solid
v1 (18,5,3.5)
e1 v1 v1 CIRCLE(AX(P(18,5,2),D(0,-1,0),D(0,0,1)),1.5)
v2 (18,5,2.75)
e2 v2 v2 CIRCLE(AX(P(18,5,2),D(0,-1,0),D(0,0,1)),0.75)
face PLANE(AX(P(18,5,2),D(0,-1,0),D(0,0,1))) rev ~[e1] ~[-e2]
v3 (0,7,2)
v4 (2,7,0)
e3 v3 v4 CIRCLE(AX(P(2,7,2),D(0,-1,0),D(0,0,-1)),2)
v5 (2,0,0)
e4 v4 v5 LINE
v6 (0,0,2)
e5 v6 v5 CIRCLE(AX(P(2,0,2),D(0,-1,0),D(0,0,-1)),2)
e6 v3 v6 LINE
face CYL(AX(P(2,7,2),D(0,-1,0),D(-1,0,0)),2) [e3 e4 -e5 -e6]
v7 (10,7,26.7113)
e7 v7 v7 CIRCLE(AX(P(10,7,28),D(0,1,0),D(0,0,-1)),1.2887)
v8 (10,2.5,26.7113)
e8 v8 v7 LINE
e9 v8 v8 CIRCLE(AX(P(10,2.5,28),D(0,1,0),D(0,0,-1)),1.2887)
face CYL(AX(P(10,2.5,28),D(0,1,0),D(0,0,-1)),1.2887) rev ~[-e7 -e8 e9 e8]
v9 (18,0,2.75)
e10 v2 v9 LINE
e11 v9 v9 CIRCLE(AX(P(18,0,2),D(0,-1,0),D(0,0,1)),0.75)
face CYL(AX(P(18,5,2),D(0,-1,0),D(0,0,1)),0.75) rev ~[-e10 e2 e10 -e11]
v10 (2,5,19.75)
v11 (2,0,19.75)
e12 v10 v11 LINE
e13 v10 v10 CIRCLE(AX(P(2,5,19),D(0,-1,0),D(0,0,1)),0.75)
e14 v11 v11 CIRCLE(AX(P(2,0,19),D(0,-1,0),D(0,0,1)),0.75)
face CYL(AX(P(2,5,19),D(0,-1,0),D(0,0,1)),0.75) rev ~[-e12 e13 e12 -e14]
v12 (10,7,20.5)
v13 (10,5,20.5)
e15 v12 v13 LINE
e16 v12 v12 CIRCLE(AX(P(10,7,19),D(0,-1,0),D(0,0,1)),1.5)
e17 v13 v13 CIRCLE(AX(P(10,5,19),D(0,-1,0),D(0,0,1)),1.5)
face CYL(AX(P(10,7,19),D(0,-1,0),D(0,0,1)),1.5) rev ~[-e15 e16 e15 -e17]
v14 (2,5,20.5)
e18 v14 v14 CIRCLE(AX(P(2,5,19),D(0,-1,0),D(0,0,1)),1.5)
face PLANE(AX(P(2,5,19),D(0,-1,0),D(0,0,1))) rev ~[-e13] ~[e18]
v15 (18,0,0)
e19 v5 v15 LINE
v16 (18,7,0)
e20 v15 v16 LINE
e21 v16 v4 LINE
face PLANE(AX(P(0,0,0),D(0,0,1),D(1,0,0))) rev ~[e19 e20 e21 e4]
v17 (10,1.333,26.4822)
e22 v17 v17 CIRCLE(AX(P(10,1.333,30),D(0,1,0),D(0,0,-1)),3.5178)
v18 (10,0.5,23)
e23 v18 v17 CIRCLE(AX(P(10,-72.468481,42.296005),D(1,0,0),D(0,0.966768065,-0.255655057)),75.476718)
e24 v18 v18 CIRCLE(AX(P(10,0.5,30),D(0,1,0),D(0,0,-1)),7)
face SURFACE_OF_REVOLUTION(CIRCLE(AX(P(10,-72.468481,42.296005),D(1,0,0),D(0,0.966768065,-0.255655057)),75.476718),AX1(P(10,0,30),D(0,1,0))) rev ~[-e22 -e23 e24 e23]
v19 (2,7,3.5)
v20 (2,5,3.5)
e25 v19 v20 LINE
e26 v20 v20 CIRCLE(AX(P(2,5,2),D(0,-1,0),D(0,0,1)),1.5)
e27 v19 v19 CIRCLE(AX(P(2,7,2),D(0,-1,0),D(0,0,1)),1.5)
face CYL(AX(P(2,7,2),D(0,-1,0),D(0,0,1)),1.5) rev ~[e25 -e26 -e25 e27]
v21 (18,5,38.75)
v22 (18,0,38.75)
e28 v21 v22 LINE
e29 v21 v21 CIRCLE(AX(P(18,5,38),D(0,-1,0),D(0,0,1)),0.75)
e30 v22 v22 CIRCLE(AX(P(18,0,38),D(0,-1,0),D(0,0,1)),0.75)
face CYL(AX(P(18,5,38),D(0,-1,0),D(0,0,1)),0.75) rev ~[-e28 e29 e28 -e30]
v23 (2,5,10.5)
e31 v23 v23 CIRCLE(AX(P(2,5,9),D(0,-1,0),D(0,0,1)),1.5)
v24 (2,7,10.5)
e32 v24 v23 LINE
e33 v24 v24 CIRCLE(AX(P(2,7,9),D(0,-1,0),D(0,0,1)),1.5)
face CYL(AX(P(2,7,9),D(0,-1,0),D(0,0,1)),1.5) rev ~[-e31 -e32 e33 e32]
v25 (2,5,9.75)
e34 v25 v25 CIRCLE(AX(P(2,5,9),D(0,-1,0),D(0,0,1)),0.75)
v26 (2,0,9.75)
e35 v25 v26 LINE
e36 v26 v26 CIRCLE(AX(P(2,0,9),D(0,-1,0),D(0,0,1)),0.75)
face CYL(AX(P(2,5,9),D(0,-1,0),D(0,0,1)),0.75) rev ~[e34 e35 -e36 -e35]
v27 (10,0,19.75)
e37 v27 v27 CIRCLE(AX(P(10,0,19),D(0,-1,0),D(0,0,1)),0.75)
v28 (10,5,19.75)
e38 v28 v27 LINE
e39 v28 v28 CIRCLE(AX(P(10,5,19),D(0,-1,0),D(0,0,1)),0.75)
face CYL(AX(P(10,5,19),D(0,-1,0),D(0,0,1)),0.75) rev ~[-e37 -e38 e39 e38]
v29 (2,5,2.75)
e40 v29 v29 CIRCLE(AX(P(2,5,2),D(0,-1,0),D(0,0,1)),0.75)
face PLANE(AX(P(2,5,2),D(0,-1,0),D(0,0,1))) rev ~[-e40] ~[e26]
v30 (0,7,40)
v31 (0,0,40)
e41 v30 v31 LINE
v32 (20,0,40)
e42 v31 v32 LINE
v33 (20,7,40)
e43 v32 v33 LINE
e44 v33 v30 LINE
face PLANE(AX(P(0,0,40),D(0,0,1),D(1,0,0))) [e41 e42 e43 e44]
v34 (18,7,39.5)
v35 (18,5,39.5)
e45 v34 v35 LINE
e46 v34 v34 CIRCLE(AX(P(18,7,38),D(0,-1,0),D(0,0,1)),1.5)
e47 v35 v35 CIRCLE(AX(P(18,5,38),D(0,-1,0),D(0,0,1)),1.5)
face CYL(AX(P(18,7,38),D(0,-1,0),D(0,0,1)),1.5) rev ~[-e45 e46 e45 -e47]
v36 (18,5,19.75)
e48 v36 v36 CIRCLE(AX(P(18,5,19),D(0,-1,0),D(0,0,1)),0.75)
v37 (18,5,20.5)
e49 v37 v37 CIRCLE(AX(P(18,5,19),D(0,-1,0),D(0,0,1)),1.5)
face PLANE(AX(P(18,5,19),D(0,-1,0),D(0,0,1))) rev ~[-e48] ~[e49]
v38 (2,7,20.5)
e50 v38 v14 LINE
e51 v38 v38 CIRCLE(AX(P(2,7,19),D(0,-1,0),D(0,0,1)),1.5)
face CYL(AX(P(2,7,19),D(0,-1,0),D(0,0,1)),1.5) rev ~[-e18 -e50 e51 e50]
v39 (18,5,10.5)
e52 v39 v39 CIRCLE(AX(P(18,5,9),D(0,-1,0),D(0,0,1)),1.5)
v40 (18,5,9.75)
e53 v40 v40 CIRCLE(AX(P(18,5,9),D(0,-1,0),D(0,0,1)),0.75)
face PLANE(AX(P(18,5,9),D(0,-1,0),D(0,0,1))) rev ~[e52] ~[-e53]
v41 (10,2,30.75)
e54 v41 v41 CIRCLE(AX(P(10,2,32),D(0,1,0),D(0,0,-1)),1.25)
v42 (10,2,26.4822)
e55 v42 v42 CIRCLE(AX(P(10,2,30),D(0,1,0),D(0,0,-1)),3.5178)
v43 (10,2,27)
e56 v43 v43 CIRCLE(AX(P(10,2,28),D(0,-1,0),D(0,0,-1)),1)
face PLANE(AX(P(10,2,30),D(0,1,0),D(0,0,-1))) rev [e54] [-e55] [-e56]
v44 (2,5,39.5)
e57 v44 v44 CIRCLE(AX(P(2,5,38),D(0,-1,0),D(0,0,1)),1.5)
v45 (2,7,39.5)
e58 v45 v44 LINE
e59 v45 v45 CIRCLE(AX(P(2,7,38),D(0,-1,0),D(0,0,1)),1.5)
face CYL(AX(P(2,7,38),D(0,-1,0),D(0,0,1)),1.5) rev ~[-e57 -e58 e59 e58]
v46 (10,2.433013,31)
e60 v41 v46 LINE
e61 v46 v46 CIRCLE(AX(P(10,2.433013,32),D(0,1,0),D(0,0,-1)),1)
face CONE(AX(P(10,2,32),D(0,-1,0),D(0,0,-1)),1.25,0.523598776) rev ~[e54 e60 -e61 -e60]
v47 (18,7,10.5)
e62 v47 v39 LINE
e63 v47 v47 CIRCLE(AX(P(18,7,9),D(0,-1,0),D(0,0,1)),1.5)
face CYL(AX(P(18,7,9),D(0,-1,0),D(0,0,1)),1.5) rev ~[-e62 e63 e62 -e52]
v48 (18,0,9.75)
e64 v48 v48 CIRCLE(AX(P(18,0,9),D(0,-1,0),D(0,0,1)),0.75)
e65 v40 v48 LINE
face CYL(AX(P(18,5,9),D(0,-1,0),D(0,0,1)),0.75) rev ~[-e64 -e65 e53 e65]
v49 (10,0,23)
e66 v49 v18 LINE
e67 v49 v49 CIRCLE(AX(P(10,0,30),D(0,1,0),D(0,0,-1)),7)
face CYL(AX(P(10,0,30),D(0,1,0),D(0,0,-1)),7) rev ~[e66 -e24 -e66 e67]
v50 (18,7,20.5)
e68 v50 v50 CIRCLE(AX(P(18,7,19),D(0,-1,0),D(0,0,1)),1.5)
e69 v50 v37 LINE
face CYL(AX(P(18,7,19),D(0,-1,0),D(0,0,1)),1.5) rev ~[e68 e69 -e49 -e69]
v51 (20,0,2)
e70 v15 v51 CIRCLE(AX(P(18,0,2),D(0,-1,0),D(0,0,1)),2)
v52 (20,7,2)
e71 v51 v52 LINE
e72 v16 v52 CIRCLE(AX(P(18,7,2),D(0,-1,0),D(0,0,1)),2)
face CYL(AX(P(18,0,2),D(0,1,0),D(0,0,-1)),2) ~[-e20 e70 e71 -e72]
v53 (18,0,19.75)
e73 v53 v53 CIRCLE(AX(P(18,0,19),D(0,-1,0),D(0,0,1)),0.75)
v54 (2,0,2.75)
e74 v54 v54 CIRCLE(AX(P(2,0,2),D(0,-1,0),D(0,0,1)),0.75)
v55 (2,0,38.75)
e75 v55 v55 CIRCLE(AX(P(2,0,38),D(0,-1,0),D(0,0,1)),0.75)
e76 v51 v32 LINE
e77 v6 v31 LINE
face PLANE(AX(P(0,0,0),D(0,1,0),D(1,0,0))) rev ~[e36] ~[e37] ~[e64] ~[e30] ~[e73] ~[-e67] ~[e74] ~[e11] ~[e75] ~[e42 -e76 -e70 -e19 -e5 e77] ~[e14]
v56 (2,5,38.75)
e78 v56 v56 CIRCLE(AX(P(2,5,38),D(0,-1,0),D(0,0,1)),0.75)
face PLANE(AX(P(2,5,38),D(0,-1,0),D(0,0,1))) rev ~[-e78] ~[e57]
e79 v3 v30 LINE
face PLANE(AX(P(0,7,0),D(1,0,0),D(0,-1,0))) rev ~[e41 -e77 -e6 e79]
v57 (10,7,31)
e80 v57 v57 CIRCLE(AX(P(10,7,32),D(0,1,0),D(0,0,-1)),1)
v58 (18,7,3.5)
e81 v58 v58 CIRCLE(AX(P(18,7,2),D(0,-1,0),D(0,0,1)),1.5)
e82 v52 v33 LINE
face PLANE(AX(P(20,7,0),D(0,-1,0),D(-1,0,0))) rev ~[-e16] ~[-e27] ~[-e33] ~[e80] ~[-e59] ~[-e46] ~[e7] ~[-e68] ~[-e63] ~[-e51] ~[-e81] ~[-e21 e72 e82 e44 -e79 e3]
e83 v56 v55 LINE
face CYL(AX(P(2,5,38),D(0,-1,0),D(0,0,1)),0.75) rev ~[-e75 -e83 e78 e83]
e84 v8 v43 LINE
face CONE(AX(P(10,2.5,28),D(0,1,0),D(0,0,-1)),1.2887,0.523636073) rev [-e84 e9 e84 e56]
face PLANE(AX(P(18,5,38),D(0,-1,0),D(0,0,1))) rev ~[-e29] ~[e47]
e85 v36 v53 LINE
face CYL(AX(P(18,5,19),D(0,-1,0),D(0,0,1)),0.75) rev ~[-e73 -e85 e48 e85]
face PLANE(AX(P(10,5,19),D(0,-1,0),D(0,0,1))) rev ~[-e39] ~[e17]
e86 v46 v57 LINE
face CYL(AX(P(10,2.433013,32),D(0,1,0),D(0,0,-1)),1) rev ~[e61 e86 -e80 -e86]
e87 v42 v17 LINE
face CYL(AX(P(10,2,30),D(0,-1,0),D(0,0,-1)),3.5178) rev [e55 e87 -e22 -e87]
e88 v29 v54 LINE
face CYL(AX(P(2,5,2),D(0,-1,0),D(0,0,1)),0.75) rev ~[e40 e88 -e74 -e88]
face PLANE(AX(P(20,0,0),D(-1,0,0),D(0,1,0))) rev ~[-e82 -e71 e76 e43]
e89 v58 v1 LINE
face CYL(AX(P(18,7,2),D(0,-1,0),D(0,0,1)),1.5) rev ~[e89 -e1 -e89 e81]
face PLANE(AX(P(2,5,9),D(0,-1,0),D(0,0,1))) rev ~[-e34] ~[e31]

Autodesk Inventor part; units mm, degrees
ref_plane "XZ Plane" through (0, 0, 0) normal (0, 1, 0) x (-1, 0, 0)
ref_plane "XY Plane" through (0, 0, 0) normal (0, 0, 1) x (1, 0, 0)
sketch "Sketch2" plane through (0, 0, 0) normal (0, 0, 1) x (1, 0, 0)
  line L0 (0, 0) -> (20, 0)
  line L1 (20, 0) -> (20, 7)
  line L2 (20, 7) -> (0, 7)
  line L3 (0, 7) -> (0, 0)
  dimension "d0" = 20
  dimension "d1" = 7
extrude "Extrusion1" add sketch "Sketch2" along normal blind 40
ref_plane "Work Plane1" through (10, 0, 0) normal (1, 0, 0) x (0, 1, 0)
sketch "Sketch3" plane through (10, 0, 0) normal (1, 0, 0) x (0, 1, 0)
  line L0 (7, 40) -> (0, 40) construction
  line L1 (0, 40) -> (0, 30) construction
  line L2 (0, 0) -> (0, 40) construction
  line L3 (0, 30) -> (2, 30) construction
  line L4 (0, 30) -> (0, 23)
  line L5 (0, 23) -> (0.5, 23)
  line L6 (0, 30) -> (2, 30)
  arc A0 (0.5, 23) -> (1.333, 26.4822) centre (-72.4911, 42.3017) ccw
  line L7 (2, 30) -> (2, 26.4822)
  line L8 (2, 26.4822) -> (1.333, 26.4822)
  dimension "d4" = 10
  dimension "d5" = 2
  dimension "d6" = 7
  dimension "d9" = 0.5
  dimension "d10" = 75.5
revolve "Revolution1" cut sketch "Sketch3" angle 360 about axis through (10, 0, 30) along (0, 1, 0)
sketch "Sketch5" plane through (10, 2, 30) normal (0, -1, 0) x (1, 0, 0)
  circle A0 centre (0, 0) radius 3.5178 projected
  circle A1 centre (0, 2) radius 1
  circle A2 centre (0, -2) radius 1
  line L0 (1.4669, 0) -> (-1.3764, 0) construction
  point P0 (-10, -30)
  dimension "d11" = 2
  dimension "d12" = 2
  dimension "d13" = 2
  dimension "d14" = 2
hole "Hole1" at (10, 2, 32) direction (0, 1, 0) diameter 2 depth 10 countersink diameter 2.5 countersink angle 60 clearance for "Flat Head Machine Screw (82)" size "#0" standard "Ansi Unified Screw Threads"
sketch "Sketch6" plane through (10, 2, 30) normal (0, -1, 0) x (1, 0, 0)
  line L0 (0, 0) -> (1.9071, 0) construction
  circle A0 centre (0, -2) radius 1
  point P0 (-10, -30)
  dimension "d22" = 2
  dimension "d23" = 2
extrude "Extrusion2" cut sketch "Sketch6" against normal blind 40
sketch "Sketch7" plane through (10, 0, 0) normal (1, 0, 0) x (0, 1, 0)
  line L0 (2, 27) -> (2, 29) construction
  line L1 (2, 28) -> (3.2187, 28) construction
  line L2 (2.5, 26.7113) -> (2, 27)
  line L3 (2, 27) -> (2, 29) construction
  line L4 (2, 27) -> (2.7064, 27) construction
  line L5 (2, 29) -> (2.7329, 29) construction
  line L6 (2, 29) -> (7, 29) projected
  line L7 (2, 28) -> (2, 27)
  line L8 (2.5, 26.7113) -> (7.9836, 26.7113)
  line L9 (2, 28) -> (7.9836, 28)
  line L10 (8.4909, 28) -> (8.4909, 26.7113)
  line L11 (8.4909, 26.7113) -> (7.9836, 26.7113)
  line L12 (7.9836, 28) -> (8.4909, 28)
  point P0 (0, 0)
  point P1 (2.5, 28)
  dimension "d26" = 30
revolve "Revolution2" cut sketch "Sketch7" angle 360 about axis through (10, 2, 28) along (0, 1, 0)
fillet "Fillet1" radius 2 2 edges at (0, 3.5, 0) (20, 3.5, 0)
sketch "Sketch9" plane through (0, 7, 40) normal (0, 1, 0) x (1, 0, 0)
  circle A0 centre (2, 2) radius 0.75 projected
  circle A1 centre (2, 21) radius 0.75 projected
  circle A2 centre (2, 31) radius 0.75 projected
  circle A3 centre (2, 38) radius 0.75 projected
  circle A4 centre (18, 38) radius 0.75 projected
  circle A5 centre (18, 31) radius 0.75 projected
  circle A6 centre (18, 21) radius 0.75 projected
  circle A7 centre (10, 21) radius 0.75 projected
  point P0 (0, 40)
  point P1 (18, 2)
hole "Hole3" at (2, 7, 38) at (2, 7, 19) at (2, 7, 9) at (2, 7, 2) at (18, 7, 2) at (18, 7, 9) at (18, 7, 19) at (10, 7, 19) at (18, 7, 38) direction (0, -1, 0) diameter 1.5 depth 10 counterbore diameter 3 counterbore depth 2
properties part number "Nắp hộp piston" material "Iron, Gray"
